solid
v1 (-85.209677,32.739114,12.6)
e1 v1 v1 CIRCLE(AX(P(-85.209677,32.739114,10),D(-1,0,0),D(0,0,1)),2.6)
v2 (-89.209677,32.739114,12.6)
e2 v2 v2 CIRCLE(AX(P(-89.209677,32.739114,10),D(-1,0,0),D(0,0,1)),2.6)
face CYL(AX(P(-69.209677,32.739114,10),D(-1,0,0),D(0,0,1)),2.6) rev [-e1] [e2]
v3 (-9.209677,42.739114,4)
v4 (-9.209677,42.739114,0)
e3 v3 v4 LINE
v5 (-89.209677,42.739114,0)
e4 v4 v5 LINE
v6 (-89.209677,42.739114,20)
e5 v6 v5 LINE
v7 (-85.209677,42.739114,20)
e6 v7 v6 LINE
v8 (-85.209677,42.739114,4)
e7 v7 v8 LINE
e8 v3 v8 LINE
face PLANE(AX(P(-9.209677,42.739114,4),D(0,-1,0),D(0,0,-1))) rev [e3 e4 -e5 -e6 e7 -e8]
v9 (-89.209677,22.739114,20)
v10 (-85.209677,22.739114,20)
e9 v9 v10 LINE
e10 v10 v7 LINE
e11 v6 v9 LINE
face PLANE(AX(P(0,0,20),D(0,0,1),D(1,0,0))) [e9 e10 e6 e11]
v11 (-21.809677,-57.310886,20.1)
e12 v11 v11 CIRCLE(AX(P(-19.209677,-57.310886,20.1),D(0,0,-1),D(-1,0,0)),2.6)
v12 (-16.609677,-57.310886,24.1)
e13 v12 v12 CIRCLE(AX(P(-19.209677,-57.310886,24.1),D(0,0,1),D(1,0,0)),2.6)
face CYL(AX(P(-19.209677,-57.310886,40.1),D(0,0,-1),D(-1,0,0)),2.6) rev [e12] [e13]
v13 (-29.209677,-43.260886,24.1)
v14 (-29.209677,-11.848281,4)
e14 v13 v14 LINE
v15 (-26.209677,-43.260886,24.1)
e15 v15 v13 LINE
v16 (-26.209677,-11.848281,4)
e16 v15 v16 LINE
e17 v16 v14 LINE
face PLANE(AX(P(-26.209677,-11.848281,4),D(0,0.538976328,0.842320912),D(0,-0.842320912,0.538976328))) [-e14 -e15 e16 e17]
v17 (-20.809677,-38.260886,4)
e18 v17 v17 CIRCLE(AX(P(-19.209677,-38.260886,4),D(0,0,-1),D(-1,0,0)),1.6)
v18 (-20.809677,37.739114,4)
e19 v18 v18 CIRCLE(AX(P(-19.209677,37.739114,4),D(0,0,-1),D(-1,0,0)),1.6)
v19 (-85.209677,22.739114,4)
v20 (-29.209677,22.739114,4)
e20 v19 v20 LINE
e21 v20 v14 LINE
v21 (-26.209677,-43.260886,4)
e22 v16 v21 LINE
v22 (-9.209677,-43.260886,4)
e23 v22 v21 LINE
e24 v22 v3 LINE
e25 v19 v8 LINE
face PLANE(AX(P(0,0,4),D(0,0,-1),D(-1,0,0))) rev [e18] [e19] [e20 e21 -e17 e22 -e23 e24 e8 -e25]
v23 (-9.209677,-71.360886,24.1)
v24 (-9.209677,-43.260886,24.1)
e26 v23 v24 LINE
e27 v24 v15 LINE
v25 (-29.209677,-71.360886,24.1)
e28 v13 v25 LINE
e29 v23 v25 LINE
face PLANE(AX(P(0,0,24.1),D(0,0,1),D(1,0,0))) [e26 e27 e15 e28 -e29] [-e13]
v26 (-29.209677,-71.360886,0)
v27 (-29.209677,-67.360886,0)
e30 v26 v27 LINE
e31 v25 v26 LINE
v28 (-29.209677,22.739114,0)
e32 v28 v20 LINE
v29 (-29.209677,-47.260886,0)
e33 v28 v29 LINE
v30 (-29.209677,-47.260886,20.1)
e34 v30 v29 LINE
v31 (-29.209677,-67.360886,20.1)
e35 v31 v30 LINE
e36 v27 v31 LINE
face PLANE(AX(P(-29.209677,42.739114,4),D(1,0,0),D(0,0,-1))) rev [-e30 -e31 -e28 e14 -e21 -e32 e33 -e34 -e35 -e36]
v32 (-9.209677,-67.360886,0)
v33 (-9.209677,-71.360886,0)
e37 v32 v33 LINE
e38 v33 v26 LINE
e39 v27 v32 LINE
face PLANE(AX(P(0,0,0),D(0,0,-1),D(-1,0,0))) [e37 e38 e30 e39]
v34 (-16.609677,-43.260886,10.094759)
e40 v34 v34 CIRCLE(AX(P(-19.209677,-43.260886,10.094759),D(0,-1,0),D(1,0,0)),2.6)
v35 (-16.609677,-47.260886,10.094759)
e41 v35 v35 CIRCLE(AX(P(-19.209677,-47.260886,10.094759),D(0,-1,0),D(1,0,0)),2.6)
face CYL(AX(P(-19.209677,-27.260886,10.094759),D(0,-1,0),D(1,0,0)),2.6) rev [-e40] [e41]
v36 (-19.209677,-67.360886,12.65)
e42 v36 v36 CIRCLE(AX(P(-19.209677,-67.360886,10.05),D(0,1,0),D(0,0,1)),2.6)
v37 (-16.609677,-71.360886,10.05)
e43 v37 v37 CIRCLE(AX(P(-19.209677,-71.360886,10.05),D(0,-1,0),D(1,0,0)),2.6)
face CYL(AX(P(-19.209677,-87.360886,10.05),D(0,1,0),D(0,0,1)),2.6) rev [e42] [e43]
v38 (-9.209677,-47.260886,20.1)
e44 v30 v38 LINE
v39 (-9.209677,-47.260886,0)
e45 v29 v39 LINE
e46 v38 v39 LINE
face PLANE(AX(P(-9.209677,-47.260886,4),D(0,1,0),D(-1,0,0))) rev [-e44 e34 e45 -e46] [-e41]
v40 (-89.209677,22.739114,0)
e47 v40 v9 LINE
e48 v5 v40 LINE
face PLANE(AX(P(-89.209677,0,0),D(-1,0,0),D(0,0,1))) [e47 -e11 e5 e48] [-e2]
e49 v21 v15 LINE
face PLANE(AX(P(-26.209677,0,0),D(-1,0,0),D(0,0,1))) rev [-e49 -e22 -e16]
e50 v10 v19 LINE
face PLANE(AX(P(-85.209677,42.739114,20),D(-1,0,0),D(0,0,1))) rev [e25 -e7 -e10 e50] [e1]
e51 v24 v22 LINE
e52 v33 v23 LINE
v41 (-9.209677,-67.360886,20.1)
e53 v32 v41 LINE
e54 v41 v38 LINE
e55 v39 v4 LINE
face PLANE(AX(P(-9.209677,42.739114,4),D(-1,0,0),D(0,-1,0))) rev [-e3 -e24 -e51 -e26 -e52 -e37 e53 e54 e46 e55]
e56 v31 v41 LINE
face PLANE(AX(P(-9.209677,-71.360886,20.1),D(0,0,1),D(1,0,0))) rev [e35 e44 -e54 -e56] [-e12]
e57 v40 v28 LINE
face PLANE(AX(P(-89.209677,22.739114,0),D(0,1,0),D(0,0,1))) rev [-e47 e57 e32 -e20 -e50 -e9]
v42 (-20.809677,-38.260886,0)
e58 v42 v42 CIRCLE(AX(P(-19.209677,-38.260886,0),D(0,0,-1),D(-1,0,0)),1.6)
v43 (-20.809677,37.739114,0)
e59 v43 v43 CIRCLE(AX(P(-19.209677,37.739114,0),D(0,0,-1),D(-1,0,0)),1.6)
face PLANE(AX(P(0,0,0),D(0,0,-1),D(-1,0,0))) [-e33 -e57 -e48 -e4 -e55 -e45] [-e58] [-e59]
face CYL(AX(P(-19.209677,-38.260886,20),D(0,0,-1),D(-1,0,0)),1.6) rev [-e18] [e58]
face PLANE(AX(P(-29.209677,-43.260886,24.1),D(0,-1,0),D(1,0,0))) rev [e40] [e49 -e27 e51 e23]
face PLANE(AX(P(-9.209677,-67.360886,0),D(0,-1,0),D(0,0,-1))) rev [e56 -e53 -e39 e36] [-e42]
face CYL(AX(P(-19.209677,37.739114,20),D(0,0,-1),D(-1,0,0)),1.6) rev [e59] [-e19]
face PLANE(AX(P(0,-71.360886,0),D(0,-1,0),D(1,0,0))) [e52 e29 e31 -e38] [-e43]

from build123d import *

# Parameters (mm, degrees)
SKETCH_1_W          = 20
SKETCH_1_H          = 90
EXTRUDE_1_DEPTH     = 4
SKETCH_2_W          = 20
SKETCH_2_H          = 4
EXTRUDE_2_DEPTH     = 20.1
SKETCH_3_W          = 20
SKETCH_3_H          = 4
EXTRUDE_3_DEPTH     = 24.1
SKETCH_4_W          = 20
SKETCH_4_H          = 4
EXTRUDE_4_DEPTH     = 20.1
SKETCH_5_R          = 2.6
CUT_EXTRUDE_1_DEPTH = 20
SKETCH_6_R          = 2.6
CUT_EXTRUDE_2_DEPTH = 20
SKETCH_7_R          = 2.6
CUT_EXTRUDE_3_DEPTH = 20
SKETCH_9_R          = 1.6
CUT_EXTRUDE_4_DEPTH = 20
EXTRUDE_6_DEPTH     = 3
SKETCH_14_W         = 4
SKETCH_14_H         = 20
EXTRUDE_7_DEPTH     = 60
SKETCH_15_W         = 4
SKETCH_15_H         = 20
EXTRUDE_8_DEPTH     = 16
SKETCH_17_R         = 2.6
CUT_EXTRUDE_6_DEPTH = 20


with BuildPart() as part:
    # 草图1 → 凸台-拉伸1 (new body)
    with BuildSketch(Plane.XY):
        with Locations((-19.209677061, -2.260885663)):
            Rectangle(SKETCH_1_W, SKETCH_1_H)
    extrude(amount=EXTRUDE_1_DEPTH)

    # 草图2 → 凸台-拉伸2 (add)
    with BuildSketch(Plane.XY.offset(4)):
        with Locations((-19.209677061, -45.260885663)):
            Rectangle(SKETCH_2_W, SKETCH_2_H)
    extrude(amount=EXTRUDE_2_DEPTH)

    # 草图3 → 凸台-拉伸3 (add)
    with BuildSketch(Plane(origin=(0, -47.260885663, 0), x_dir=(-1, 0, 0), z_dir=(0, -1, 0))):
        with Locations((19.209677061, -22.1)):
            Rectangle(SKETCH_3_W, SKETCH_3_H)
    extrude(amount=EXTRUDE_3_DEPTH)

    # 草图4 → 凸台-拉伸4 (add)
    with BuildSketch(Plane(origin=(0, 0, 20.1), x_dir=(-1, 0, 0), z_dir=(0, 0, -1))):
        with Locations((19.209677061, -69.360885663)):
            Rectangle(SKETCH_4_W, SKETCH_4_H)
    extrude(amount=EXTRUDE_4_DEPTH)

    # 草图5 → 切除-拉伸1 (cut)
    with BuildSketch(Plane(origin=(0, -47.260885663, 0), x_dir=(-1, 0, 0), z_dir=(0, -1, 0))):
        with Locations((19.209677061, -10.094759339)):
            Circle(SKETCH_5_R)
    extrude(amount=-CUT_EXTRUDE_1_DEPTH, mode=Mode.SUBTRACT)

    # 草图6 → 切除-拉伸2 (cut)
    with BuildSketch(Plane(origin=(0, 0, 20.1), x_dir=(-1, 0, 0), z_dir=(0, 0, -1))):
        with Locations((19.209677061, -57.310885663)):
            Circle(SKETCH_6_R)
    extrude(amount=-CUT_EXTRUDE_2_DEPTH, mode=Mode.SUBTRACT)

    # 草图7 → 切除-拉伸3 (cut)
    with BuildSketch(Plane(origin=(0, -67.360885663, 0), x_dir=(1, 0, 0), z_dir=(0, 1, 0))):
        with Locations((-19.209677061, -10.05)):
            Circle(SKETCH_7_R)
    extrude(amount=-CUT_EXTRUDE_3_DEPTH, mode=Mode.SUBTRACT)

    # 草图9 → 切除-拉伸4 (cut)
    with BuildSketch(Plane(origin=(0, 0, 0), x_dir=(-1, 0, 0), z_dir=(0, 0, -1))):
        with Locations((19.209677061, 37.739114337)):
            Circle(SKETCH_9_R)
        with Locations((19.209677061, -38.260885663)):
            Circle(SKETCH_9_R)
    extrude(amount=-CUT_EXTRUDE_4_DEPTH, mode=Mode.SUBTRACT)

    # 草图13 → 凸台-拉伸6 (add)
    with BuildSketch(Plane.ZY.offset(29.209677061)):
        Polygon((4, -11.848280973), (24.1, -43.260885663), (4, -43.260885663), align=None)
    extrude(amount=-EXTRUDE_6_DEPTH)

    # 草图14 → 凸台-拉伸7 (add)
    with BuildSketch(Plane.ZY.offset(29.209677061)):
        with Locations((2, 32.739114337)):
            Rectangle(SKETCH_14_W, SKETCH_14_H)
    extrude(amount=EXTRUDE_7_DEPTH)

    # 草图15 → 凸台-拉伸8 (add)
    with BuildSketch(Plane.XY.offset(4)):
        with Locations((-87.209677061, 32.739114337)):
            Rectangle(SKETCH_15_W, SKETCH_15_H)
    extrude(amount=EXTRUDE_8_DEPTH)

    # 草图17 → 切除-拉伸6 (cut)
    with BuildSketch(Plane.ZY.offset(89.209677061)):
        with Locations((10, 32.739114337)):
            Circle(SKETCH_17_R)
    extrude(amount=-CUT_EXTRUDE_6_DEPTH, mode=Mode.SUBTRACT)


solid = part.part
